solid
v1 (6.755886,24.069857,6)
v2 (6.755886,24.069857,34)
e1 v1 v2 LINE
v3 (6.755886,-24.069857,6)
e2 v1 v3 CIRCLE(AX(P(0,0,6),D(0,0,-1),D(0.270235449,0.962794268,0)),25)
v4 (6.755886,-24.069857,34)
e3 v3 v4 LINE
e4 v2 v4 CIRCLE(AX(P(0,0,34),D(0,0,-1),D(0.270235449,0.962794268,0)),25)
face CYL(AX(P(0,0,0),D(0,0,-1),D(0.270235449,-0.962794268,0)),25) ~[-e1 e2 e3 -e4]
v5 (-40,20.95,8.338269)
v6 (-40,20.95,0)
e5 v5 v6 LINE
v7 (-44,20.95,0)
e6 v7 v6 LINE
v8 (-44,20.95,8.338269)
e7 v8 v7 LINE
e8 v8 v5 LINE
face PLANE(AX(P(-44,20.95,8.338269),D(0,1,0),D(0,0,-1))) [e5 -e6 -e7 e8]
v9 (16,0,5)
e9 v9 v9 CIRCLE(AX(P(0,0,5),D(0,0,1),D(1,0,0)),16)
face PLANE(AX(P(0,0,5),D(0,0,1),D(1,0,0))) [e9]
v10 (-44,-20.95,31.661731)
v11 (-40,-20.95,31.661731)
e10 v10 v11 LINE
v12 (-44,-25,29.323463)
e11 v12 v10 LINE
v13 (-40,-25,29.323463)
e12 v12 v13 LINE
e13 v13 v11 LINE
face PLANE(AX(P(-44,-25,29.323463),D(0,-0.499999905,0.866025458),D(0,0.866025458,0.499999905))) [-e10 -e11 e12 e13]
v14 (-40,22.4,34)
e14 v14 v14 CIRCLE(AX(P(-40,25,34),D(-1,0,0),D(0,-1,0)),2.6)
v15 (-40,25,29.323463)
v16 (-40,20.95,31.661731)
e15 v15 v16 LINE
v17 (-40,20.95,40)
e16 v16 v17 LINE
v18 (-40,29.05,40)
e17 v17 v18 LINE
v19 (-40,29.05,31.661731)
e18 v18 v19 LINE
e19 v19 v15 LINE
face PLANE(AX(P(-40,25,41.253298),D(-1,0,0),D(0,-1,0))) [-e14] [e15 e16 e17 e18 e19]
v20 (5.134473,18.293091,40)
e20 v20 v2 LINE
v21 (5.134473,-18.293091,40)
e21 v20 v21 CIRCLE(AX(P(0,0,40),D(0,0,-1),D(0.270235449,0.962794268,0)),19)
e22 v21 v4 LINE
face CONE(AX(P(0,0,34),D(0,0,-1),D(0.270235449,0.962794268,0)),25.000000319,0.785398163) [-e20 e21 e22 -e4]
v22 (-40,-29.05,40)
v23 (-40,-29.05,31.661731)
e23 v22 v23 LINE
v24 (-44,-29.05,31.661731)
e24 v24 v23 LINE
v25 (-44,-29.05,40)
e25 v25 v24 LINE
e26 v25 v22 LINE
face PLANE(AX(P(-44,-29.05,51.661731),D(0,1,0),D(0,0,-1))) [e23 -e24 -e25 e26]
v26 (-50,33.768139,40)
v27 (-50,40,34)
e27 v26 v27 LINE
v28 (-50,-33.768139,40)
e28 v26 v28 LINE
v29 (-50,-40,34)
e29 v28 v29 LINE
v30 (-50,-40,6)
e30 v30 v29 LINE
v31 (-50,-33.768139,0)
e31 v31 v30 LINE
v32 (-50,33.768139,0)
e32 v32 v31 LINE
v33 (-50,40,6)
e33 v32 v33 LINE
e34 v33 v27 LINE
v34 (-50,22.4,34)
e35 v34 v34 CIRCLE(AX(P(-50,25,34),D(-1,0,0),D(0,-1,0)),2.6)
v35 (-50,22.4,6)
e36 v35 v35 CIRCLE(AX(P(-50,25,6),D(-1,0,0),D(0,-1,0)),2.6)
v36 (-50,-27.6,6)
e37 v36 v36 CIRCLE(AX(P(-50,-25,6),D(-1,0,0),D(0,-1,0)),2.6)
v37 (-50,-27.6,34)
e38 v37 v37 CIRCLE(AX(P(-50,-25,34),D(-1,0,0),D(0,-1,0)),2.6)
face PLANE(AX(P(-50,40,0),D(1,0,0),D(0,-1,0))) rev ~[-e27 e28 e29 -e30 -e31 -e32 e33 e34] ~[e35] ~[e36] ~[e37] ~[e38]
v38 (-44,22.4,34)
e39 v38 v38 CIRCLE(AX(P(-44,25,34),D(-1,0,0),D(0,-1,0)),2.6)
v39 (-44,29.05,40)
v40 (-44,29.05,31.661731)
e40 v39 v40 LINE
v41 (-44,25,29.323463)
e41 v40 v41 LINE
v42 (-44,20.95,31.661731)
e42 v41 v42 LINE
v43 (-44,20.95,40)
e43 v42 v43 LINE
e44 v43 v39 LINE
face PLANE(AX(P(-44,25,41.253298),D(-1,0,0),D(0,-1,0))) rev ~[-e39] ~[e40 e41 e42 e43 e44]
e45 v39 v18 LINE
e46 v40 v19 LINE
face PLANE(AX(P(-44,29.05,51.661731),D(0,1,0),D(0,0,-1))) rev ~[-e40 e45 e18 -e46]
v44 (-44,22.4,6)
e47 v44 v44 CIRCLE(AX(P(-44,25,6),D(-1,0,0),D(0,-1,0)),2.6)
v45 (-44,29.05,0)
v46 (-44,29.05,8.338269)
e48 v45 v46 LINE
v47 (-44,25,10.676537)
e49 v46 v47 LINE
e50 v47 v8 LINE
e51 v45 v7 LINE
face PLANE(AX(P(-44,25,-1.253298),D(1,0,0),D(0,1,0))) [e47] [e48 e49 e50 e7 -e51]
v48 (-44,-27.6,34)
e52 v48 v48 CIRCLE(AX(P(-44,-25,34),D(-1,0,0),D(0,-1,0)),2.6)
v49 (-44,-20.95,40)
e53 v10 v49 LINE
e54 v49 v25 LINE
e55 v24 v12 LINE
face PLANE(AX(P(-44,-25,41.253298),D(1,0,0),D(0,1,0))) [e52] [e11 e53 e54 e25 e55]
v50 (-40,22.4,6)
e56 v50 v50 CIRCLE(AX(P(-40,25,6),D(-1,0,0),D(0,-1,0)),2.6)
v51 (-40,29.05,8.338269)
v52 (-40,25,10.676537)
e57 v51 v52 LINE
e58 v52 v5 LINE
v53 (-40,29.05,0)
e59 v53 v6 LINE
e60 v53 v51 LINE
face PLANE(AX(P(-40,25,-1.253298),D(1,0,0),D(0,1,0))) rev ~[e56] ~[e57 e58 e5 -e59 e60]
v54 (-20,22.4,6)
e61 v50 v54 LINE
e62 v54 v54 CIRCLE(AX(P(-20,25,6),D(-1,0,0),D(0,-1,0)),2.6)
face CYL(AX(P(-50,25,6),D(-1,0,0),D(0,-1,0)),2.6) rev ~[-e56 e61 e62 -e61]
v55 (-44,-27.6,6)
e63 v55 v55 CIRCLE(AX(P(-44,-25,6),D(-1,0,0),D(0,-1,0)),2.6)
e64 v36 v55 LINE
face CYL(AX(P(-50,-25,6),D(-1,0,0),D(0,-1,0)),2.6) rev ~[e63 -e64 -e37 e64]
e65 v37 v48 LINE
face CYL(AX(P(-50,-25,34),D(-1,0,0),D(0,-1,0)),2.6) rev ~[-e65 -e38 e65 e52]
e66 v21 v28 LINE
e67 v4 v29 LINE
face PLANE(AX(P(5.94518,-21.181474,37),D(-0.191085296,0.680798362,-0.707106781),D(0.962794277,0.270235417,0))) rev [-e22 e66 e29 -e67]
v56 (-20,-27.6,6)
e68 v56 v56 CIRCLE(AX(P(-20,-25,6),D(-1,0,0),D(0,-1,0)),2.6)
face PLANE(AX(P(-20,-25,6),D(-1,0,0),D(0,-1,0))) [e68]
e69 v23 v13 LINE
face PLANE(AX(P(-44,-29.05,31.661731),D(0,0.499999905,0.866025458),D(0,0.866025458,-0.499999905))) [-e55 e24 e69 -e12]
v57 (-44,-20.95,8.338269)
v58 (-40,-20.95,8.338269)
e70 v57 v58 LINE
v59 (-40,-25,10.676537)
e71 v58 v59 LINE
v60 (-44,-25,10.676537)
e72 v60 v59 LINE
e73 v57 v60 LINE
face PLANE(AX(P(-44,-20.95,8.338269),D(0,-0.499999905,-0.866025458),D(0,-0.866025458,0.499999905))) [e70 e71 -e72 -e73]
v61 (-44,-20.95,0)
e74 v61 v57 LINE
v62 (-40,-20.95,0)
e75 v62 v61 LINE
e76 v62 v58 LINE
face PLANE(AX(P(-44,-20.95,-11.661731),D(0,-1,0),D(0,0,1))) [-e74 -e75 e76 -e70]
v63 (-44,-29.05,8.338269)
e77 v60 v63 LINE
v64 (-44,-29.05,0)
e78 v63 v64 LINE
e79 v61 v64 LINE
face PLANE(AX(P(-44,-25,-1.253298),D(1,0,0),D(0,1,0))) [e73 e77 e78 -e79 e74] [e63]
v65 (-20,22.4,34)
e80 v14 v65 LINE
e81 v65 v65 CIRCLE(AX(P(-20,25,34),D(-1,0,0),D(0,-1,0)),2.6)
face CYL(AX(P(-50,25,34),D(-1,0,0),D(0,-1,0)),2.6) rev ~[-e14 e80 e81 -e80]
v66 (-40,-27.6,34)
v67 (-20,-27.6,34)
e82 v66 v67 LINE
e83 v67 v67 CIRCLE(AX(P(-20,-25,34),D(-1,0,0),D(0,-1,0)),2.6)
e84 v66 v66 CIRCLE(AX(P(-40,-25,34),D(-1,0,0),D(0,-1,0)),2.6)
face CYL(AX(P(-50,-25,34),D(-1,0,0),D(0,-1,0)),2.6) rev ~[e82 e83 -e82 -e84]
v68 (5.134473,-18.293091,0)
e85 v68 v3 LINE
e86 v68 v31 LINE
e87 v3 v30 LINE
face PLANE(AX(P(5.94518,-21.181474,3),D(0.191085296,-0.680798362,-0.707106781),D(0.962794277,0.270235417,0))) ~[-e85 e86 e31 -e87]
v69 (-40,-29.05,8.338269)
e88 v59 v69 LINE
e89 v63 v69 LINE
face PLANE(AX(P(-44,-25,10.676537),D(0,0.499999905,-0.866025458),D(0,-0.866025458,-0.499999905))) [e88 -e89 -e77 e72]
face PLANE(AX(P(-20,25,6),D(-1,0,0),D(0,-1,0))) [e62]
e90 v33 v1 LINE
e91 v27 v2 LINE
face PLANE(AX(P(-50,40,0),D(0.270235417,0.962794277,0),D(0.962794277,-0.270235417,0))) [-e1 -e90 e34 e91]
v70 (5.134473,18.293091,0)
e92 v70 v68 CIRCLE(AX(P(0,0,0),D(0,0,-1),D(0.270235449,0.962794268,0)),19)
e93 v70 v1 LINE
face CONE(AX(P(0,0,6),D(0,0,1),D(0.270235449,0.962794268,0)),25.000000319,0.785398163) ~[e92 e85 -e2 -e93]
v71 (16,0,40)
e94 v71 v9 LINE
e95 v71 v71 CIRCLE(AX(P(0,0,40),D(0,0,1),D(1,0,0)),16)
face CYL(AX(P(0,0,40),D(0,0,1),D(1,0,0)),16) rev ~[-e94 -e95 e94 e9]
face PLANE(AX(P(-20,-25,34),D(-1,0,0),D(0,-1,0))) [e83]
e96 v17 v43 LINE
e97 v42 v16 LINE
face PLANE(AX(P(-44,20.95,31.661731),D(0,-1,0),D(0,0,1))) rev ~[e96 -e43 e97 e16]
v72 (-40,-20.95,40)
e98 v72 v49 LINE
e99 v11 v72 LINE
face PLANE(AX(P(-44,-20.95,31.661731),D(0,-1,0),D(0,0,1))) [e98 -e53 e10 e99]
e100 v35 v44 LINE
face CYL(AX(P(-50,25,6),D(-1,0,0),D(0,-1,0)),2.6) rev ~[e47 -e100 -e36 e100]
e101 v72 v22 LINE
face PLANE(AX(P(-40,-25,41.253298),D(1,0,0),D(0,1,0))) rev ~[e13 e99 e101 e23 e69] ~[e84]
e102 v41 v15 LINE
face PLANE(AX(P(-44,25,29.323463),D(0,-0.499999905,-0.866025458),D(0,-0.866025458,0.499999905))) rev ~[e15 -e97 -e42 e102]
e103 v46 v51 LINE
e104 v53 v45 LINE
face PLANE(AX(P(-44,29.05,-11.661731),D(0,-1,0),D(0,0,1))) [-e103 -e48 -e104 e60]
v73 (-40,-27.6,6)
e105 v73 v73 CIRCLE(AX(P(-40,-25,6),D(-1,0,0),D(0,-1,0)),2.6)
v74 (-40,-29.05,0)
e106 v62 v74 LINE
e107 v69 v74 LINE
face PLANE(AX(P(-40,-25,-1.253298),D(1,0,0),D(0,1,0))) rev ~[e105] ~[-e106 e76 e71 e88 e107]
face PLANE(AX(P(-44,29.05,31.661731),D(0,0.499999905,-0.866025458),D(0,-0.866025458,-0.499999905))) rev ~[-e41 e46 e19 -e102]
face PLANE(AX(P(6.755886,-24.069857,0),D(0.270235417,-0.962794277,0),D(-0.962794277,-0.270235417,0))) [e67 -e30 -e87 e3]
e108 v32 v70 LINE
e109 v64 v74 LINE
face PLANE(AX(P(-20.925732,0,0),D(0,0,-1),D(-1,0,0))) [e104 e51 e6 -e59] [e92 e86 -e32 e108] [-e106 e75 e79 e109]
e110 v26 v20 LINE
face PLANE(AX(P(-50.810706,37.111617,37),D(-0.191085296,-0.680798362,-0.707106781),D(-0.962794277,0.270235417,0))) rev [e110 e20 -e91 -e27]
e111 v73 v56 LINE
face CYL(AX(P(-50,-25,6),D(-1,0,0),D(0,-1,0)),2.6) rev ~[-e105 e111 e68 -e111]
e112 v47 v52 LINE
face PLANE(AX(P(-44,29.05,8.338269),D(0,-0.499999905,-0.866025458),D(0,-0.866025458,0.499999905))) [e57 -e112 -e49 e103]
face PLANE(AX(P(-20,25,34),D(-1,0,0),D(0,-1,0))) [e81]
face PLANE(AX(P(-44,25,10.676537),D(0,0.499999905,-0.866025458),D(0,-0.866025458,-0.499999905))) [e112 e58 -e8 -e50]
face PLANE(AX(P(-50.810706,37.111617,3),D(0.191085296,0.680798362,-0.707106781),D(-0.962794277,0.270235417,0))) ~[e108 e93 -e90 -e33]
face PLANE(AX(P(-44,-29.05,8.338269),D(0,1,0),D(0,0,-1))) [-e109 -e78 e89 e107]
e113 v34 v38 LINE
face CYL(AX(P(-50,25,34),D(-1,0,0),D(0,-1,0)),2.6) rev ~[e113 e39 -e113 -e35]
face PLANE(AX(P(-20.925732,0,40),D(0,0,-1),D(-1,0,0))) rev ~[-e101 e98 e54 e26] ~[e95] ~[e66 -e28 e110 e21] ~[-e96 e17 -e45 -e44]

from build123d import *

# Parameters (mm, degrees)
PAD_DEPTH       = 40
SKETCH001_R     = 16
POCKET_DEPTH    = 35
POCKET001_DEPTH = 4
SKETCH003_R     = 2.6
POCKET002_DEPTH = 30
CHAMFER_SIZE    = 6


with BuildPart() as part:
    # Sketch → Pad (new body)
    with BuildSketch(Plane.XY):
        with BuildLine():
            Line((-50, 40), (6.755886, 24.069857))
            ThreePointArc((6.755886, -24.069857), (25, 0), (6.755886, 24.069857))
            Line((6.755886, -24.069857), (-50, -40))
            Line((-50, 40), (-50, -40))
        make_face()
    extrude(amount=PAD_DEPTH)

    # Sketch001 (on Face6 of Pad) → Pocket (cut)
    with BuildSketch(Plane.XY.offset(40)):
        Circle(SKETCH001_R)
    extrude(amount=-POCKET_DEPTH, mode=Mode.SUBTRACT)

    # Sketch002 (on Face2 of Pocket) → Pocket001 (cut)
    with BuildSketch(Plane(origin=(-44, 0, 0), x_dir=(0, -1, 0), z_dir=(-1, 0, 0))):
        Polygon((-29.05, 31.661731), (-25, 29.323463), (-20.95, 31.661731), (-20.95, 51.661731), (-29.05, 51.661731), align=None)
        Polygon((25, 29.323463), (20.95, 31.661731), (20.95, 51.661731), (29.05, 51.661731), (29.05, 31.661731), align=None)
        Polygon((-29.05, 8.338269), (-25, 10.676537), (-20.95, 8.338269), (-20.95, -11.661731), (-29.05, -11.661731), align=None)
        Polygon((20.95, 8.338269), (25, 10.676537), (29.05, 8.338269), (29.05, -11.661731), (20.95, -11.661731), align=None)
    extrude(amount=-POCKET001_DEPTH, mode=Mode.SUBTRACT)

    # Sketch003 (on Face2 of Pocket001) → Pocket002 (cut)
    with BuildSketch(Plane(origin=(-50, 0, 0), x_dir=(0, -1, 0), z_dir=(-1, 0, 0))):
        with Locations((25, 34)):
            Circle(SKETCH003_R)
        with Locations((-25, 6)):
            Circle(SKETCH003_R)
        with Locations((25, 6)):
            Circle(SKETCH003_R)
        with Locations((-25, 34)):
            Circle(SKETCH003_R)
    extrude(amount=-POCKET002_DEPTH, mode=Mode.SUBTRACT)

    # Chamfer
    chamfer_edges = [part.edges().sort_by_distance(p)[0] for p in [
        (-21.622057, -32.034928, 40),
        (-21.622057, -32.034928, 0),
    ]]
    chamfer(chamfer_edges, length=CHAMFER_SIZE)


solid = part.part
